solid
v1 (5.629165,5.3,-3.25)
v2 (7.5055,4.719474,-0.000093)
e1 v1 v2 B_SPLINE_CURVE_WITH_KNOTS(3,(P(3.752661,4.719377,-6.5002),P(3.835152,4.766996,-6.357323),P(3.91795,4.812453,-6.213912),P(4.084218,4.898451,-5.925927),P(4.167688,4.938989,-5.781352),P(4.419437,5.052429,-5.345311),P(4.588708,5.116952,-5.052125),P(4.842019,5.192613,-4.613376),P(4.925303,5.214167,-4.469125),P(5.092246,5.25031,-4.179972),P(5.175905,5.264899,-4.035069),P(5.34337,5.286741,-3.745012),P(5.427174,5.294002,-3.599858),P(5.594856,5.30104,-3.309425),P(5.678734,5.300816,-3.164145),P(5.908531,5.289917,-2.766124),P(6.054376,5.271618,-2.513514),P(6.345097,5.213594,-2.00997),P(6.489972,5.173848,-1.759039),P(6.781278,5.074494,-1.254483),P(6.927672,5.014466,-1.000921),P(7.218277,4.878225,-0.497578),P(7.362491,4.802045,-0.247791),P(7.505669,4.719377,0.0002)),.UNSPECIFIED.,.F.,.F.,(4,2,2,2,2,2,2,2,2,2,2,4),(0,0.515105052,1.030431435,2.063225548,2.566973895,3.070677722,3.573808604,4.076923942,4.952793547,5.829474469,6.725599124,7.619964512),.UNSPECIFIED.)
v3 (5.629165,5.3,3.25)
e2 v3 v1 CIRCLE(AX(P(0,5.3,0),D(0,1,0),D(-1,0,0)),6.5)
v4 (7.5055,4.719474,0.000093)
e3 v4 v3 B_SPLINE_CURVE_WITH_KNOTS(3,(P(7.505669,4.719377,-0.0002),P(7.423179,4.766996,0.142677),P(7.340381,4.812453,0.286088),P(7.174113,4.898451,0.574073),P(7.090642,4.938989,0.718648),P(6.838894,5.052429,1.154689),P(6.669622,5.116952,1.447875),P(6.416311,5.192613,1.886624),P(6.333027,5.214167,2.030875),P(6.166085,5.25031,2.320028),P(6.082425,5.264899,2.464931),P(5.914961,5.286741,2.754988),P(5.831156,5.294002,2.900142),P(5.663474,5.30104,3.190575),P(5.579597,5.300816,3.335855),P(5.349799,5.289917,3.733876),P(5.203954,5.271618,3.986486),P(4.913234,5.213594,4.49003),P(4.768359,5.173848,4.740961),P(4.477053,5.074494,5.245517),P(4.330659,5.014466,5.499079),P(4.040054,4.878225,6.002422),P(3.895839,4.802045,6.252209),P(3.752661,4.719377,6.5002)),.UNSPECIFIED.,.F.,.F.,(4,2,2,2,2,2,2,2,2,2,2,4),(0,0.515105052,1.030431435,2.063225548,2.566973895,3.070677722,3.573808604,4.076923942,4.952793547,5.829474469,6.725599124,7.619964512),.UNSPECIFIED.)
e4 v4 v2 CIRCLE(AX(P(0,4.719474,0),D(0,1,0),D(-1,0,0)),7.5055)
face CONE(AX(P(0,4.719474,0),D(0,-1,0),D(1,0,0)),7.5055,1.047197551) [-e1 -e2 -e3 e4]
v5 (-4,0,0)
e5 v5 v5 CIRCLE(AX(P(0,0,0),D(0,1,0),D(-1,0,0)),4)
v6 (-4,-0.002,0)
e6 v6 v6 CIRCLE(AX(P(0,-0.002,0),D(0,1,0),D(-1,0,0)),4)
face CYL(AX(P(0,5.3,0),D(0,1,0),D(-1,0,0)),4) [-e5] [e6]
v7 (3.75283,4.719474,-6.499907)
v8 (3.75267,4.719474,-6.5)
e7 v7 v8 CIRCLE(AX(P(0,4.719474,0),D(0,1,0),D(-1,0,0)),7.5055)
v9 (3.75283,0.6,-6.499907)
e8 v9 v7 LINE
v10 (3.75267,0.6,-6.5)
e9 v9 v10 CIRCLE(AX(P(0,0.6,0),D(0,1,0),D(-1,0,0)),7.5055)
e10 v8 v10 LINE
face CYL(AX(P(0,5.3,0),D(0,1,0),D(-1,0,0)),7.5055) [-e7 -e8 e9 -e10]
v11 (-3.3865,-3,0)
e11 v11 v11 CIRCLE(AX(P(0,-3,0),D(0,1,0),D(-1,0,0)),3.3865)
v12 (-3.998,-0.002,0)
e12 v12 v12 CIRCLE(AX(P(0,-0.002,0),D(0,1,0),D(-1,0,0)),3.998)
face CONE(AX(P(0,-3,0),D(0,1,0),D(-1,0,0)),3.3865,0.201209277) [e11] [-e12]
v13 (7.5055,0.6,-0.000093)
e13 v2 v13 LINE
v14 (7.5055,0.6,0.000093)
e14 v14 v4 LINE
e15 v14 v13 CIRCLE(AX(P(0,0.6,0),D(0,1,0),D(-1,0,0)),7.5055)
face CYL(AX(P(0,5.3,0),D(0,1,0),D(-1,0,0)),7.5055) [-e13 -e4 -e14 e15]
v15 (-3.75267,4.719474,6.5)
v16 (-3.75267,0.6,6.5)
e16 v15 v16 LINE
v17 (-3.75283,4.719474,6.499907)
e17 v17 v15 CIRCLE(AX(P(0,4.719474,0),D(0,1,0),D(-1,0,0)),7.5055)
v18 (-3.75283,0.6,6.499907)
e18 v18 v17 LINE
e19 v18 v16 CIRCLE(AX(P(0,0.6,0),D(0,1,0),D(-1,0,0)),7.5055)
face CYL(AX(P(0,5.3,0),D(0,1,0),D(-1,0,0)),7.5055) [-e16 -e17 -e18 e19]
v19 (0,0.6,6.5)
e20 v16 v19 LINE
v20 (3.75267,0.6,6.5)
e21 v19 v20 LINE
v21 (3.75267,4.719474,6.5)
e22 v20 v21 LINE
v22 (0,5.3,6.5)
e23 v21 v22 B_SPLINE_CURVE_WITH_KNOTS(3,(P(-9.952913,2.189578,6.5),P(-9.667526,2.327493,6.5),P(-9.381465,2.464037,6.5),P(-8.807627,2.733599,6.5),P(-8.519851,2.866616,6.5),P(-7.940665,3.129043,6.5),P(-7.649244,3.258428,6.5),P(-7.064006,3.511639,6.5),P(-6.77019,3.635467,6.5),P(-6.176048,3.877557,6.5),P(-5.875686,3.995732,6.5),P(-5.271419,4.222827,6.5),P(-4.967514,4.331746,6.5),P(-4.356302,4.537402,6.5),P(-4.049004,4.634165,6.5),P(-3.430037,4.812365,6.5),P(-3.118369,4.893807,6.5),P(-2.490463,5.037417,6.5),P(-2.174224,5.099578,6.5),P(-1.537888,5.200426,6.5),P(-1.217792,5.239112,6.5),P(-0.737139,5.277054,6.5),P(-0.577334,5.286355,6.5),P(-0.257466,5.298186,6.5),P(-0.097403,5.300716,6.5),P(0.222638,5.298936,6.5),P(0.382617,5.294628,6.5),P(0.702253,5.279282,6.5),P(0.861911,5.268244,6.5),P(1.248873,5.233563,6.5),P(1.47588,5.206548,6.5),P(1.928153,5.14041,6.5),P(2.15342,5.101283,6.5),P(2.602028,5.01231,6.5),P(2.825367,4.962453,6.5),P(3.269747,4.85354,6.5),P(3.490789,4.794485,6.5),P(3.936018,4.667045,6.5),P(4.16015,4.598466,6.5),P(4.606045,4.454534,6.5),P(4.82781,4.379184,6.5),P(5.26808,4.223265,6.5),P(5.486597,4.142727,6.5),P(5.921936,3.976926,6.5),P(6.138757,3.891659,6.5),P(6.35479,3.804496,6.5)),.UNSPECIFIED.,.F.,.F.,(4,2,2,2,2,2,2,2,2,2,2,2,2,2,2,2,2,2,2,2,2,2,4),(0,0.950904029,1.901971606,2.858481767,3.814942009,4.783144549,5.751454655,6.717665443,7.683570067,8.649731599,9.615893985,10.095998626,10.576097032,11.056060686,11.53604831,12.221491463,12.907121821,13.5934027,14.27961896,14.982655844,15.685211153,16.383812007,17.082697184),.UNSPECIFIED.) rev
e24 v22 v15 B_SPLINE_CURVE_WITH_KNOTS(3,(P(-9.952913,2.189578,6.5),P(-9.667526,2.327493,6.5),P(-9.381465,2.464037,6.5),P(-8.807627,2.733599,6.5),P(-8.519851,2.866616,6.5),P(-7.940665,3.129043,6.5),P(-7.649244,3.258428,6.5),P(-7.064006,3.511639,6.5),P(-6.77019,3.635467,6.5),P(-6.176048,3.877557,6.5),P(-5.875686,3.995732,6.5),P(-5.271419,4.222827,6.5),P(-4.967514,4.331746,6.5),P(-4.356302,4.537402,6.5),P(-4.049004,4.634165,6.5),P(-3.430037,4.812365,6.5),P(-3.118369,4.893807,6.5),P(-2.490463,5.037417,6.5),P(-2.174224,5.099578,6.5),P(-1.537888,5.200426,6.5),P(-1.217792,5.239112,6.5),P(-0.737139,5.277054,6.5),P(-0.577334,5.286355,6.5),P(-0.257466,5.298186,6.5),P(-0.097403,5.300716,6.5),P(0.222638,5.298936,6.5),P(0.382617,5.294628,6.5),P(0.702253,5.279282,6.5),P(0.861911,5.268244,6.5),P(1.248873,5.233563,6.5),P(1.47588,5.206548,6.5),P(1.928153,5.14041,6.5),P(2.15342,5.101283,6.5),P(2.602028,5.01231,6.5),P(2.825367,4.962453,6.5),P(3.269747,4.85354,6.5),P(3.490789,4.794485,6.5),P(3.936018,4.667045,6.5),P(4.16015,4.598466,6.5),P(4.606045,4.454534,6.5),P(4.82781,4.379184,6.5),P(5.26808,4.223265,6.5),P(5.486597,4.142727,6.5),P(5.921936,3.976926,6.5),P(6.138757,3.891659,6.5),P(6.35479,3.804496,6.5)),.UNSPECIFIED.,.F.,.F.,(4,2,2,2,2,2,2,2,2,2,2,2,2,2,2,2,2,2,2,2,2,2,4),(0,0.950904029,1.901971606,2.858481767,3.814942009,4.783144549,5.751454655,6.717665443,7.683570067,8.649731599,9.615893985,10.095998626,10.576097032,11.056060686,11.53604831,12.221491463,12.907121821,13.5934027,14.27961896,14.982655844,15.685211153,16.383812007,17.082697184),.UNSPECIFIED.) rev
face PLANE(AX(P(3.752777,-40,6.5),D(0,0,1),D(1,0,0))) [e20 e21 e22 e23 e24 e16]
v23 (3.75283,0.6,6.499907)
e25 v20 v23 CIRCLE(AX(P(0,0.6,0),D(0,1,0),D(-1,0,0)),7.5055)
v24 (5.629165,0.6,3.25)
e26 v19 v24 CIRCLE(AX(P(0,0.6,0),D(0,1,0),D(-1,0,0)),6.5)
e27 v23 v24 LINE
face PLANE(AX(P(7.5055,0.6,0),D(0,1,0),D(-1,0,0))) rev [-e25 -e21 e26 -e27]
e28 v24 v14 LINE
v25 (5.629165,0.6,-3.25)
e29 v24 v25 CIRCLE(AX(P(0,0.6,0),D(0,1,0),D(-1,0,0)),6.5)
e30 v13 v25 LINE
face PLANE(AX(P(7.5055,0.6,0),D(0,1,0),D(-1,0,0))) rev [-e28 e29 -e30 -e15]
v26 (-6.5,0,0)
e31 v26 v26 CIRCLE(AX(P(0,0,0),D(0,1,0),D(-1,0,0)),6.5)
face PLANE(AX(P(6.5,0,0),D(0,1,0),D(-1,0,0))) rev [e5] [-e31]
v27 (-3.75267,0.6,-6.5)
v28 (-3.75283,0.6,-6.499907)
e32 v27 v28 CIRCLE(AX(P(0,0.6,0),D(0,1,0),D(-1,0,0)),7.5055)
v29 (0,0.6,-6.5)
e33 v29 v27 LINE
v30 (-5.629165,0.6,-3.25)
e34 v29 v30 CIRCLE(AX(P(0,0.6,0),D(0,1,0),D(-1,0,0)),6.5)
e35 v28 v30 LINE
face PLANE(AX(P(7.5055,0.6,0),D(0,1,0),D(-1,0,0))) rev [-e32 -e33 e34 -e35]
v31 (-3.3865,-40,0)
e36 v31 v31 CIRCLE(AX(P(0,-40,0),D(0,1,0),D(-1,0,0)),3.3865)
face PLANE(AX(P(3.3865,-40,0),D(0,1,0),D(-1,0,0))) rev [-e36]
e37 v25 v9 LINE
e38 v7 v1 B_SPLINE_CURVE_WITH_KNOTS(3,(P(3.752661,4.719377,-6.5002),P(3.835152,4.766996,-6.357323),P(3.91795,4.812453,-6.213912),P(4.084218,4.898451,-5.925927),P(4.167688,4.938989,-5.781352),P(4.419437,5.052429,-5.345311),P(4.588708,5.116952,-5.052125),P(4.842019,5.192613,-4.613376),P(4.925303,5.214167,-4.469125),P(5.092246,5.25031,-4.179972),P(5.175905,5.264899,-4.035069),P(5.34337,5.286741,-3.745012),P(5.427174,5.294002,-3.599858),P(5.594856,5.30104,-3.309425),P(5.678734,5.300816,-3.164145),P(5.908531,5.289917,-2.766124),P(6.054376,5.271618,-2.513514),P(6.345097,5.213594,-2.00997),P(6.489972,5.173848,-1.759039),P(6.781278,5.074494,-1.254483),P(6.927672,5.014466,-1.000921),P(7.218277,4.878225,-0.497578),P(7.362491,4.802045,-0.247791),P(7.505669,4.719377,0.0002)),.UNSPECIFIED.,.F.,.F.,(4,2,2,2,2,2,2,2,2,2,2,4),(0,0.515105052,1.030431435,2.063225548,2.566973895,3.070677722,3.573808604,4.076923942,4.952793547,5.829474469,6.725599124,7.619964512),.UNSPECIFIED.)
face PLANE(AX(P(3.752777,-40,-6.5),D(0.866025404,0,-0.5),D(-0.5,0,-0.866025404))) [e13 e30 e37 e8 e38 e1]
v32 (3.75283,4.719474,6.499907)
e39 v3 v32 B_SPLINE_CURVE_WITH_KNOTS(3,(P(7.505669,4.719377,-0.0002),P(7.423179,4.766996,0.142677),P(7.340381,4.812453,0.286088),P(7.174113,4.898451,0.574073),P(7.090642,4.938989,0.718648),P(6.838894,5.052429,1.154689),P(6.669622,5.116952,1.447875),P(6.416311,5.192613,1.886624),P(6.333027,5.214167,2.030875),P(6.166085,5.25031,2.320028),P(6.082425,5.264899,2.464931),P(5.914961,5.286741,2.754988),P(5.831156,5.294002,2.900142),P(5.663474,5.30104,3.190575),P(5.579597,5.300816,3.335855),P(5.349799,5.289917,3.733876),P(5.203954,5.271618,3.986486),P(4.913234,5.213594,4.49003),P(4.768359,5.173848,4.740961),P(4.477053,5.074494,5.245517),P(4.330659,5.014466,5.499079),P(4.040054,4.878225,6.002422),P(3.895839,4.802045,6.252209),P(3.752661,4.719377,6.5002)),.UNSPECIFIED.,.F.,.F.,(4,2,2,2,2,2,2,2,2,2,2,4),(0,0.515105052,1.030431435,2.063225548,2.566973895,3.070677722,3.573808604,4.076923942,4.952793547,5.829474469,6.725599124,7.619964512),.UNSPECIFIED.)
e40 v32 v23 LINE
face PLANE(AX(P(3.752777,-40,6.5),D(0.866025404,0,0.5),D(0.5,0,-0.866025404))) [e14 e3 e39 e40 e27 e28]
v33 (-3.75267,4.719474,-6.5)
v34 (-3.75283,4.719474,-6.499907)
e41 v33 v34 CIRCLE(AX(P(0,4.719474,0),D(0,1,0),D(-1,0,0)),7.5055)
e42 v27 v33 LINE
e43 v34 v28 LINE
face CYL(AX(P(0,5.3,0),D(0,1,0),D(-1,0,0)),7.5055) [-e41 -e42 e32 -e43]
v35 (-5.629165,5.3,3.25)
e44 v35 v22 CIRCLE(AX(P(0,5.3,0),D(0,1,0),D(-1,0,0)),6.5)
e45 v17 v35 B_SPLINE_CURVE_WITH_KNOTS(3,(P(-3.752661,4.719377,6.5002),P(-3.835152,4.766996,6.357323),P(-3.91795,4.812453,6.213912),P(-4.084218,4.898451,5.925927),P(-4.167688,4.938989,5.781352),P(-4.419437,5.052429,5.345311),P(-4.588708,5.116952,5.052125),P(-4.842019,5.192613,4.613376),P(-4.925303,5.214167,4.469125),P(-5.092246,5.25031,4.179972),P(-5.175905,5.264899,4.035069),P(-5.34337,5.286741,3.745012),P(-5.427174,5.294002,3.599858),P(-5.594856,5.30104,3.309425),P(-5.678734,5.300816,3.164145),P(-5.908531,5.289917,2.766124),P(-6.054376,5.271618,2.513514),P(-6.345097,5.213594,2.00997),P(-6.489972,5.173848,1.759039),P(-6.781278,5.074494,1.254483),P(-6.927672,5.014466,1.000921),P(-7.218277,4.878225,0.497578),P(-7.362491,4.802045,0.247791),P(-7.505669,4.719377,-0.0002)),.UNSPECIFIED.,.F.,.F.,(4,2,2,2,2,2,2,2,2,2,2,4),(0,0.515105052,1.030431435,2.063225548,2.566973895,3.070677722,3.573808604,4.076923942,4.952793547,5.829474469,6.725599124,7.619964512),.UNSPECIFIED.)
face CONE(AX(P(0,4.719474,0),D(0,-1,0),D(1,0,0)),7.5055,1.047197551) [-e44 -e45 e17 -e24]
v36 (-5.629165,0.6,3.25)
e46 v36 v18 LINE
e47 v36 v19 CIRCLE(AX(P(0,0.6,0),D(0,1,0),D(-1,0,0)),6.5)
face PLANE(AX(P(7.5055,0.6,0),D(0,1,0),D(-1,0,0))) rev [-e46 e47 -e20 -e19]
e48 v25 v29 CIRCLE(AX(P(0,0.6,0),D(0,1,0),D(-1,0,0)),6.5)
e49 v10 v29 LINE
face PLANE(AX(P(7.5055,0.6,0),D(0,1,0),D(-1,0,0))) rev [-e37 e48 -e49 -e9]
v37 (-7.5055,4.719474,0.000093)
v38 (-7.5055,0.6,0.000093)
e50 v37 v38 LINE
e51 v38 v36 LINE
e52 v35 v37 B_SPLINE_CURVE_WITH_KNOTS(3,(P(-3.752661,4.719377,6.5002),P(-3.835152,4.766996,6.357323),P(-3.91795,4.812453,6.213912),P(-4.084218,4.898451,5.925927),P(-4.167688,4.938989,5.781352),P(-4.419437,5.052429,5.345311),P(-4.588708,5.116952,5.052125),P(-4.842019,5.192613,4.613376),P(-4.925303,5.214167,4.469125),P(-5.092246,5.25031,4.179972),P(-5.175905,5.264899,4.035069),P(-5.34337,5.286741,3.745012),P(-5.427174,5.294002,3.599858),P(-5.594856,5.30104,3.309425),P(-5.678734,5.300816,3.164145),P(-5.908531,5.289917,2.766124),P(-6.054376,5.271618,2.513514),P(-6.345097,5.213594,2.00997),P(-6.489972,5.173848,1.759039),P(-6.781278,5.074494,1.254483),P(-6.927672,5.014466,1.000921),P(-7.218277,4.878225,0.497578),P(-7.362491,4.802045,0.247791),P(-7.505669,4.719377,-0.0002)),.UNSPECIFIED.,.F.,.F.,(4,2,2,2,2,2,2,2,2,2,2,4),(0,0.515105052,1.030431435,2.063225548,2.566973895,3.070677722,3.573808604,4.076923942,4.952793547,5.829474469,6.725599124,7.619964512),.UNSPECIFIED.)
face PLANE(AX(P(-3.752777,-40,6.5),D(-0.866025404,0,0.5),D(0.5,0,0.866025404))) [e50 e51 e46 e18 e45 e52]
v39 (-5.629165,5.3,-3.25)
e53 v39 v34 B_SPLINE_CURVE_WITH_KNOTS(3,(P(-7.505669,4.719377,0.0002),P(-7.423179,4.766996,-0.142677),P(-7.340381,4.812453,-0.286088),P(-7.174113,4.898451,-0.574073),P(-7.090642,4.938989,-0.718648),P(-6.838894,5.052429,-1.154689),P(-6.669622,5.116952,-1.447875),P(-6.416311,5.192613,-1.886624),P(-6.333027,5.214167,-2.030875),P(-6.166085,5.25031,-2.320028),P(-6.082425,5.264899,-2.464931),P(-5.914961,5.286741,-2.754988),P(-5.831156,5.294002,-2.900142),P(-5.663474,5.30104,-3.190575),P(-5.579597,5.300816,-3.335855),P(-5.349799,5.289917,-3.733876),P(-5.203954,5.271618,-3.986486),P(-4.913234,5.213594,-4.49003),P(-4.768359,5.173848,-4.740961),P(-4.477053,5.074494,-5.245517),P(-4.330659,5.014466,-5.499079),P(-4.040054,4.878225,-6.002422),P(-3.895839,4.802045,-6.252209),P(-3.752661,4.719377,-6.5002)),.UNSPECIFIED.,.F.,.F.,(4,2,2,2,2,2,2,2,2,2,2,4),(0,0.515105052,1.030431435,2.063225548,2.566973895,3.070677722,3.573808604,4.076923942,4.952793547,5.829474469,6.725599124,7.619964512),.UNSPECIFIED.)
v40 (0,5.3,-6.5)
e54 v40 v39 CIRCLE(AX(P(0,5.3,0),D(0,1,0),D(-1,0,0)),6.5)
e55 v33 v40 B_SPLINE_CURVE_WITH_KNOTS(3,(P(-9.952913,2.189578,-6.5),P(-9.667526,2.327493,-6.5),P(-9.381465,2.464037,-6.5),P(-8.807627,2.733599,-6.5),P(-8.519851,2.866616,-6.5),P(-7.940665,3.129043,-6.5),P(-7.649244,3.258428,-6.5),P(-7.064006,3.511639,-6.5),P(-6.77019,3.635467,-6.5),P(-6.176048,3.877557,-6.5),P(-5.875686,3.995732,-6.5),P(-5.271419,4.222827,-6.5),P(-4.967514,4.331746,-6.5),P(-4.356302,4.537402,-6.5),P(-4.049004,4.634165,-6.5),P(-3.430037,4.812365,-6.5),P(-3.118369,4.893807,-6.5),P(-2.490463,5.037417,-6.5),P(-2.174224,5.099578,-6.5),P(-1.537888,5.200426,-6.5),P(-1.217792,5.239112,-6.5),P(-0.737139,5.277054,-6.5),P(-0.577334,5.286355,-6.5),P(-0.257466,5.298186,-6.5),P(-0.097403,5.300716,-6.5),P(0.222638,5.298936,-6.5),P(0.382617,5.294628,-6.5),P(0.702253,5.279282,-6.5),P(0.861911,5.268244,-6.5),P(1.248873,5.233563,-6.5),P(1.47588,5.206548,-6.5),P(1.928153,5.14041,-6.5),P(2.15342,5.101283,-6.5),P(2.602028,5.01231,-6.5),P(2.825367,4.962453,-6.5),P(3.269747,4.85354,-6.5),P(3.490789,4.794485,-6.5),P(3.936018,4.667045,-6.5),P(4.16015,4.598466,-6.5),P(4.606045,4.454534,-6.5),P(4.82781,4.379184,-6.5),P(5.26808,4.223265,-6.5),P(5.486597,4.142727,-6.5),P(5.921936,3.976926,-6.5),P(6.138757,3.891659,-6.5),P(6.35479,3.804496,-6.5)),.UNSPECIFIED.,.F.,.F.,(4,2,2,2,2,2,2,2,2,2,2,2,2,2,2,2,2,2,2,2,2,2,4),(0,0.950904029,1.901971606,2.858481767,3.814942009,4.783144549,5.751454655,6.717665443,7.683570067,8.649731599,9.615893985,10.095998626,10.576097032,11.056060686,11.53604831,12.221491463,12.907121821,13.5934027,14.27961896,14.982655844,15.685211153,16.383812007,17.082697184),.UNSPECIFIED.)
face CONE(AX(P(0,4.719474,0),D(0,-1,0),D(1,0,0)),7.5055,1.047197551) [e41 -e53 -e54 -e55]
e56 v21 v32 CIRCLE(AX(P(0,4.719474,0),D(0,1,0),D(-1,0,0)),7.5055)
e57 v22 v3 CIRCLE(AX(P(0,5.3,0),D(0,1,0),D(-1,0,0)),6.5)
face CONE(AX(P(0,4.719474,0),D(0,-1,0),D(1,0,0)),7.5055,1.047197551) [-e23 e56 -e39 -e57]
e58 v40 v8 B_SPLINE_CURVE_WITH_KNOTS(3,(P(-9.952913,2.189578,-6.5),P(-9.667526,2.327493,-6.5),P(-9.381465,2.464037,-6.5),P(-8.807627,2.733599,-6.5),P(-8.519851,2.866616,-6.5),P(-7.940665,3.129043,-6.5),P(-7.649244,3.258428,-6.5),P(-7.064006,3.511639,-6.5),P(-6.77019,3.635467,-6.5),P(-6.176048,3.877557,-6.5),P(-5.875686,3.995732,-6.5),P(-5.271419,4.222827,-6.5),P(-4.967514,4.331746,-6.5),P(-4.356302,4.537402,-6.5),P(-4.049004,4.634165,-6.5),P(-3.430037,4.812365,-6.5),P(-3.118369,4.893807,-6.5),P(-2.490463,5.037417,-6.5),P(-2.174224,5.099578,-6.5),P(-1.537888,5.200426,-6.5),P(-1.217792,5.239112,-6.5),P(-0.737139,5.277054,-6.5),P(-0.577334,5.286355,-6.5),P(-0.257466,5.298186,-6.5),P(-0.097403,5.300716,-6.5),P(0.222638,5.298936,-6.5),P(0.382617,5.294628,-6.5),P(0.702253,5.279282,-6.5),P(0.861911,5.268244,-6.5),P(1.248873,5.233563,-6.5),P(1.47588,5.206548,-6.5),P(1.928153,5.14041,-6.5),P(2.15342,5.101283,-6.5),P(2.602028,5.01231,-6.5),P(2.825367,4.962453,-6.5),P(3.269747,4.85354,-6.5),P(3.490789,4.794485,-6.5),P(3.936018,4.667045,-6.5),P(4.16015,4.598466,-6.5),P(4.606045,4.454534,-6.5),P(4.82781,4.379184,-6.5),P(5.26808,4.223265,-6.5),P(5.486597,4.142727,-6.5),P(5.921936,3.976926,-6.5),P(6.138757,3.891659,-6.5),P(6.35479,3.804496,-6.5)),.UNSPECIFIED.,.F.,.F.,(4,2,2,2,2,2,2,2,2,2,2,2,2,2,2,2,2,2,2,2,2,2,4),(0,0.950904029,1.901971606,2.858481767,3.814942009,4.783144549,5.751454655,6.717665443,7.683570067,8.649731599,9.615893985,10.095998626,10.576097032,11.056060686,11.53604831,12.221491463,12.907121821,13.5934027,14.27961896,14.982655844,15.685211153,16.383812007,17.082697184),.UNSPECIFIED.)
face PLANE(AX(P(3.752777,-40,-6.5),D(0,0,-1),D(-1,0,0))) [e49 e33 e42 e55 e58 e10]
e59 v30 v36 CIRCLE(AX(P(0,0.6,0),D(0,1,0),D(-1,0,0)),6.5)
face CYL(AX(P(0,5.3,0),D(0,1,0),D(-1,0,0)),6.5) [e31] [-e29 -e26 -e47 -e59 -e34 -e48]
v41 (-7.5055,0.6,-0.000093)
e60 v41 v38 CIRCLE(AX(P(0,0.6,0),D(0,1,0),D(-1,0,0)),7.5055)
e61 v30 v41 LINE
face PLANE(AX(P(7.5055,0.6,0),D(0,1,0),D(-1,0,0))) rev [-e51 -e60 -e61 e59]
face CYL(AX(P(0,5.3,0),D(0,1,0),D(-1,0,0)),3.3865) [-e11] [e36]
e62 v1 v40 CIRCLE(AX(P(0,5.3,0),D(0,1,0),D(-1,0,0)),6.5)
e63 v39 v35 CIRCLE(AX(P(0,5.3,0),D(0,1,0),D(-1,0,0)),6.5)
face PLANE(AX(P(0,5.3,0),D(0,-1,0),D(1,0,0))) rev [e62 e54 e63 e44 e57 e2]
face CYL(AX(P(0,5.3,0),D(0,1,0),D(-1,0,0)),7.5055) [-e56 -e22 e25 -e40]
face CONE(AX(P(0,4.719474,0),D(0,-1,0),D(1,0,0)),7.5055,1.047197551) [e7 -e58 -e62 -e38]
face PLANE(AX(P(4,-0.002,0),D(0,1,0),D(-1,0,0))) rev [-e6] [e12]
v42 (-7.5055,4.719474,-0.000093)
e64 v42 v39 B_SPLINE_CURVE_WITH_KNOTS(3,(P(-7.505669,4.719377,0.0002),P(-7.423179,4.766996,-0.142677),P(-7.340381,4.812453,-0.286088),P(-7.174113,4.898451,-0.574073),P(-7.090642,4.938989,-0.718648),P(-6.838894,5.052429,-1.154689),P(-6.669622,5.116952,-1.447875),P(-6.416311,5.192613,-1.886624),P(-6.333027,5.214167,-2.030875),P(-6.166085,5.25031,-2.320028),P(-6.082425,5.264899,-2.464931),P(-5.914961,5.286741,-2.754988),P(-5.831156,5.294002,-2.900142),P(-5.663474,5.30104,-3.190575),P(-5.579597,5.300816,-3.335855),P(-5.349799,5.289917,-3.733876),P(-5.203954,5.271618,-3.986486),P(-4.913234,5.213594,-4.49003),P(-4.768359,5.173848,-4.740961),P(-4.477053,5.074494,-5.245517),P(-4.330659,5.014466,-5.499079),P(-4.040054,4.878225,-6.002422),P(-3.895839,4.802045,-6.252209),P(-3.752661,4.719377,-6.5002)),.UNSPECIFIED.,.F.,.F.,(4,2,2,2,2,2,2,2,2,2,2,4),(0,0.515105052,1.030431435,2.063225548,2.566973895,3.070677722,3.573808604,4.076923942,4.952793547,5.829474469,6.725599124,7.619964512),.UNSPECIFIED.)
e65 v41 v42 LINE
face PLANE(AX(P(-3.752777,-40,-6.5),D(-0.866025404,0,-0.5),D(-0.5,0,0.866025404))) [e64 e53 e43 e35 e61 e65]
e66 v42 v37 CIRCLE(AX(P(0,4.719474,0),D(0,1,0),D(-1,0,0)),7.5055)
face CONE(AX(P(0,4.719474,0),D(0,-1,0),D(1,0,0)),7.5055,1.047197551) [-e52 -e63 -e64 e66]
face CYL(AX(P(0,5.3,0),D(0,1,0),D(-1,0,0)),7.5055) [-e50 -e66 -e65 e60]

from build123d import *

# Parameters (mm, degrees)
SKIZZE2_OUTSIDE_W               = 27.018
SKIZZE2_OUTSIDE_H               = 27.018
SCHNITT_LINEAR_AUSTRAGEN1_DEPTH = 47.526928337


with BuildPart() as part:
    # Skizze1 → Basis-Rotation (revolve)
    with BuildSketch(Plane.XY, mode=Mode.PRIVATE) as basis_rotation_sk:
        Polygon((0, 5.3), (0, -40), (3.3865, -40), (3.3865, -3), (3.998, -0.002), (4, -0.002), (4, 0), (6.5, 0), (6.5, 0.6), (7.5055, 0.6), (7.5055, 4.719474304), (6.5, 5.3), align=None)
    revolve(basis_rotation_sk.sketch.rotate(Axis((0, 5.3, 0), (0, -1, 0)), 180), axis=Axis((0, 5.3, 0), (0, -1, 0)))

    # Skizze2 outside → Schnitt-Linear austragen1 (cut, through all)
    with BuildSketch(Plane(origin=(0, 5.3, 0), x_dir=(-1, 0, 0), z_dir=(0, 1, 0))):
        Rectangle(SKIZZE2_OUTSIDE_W, SKIZZE2_OUTSIDE_H)
        Polygon((-3.75277675, 6.5), (3.75277675, 6.5), (7.505553499, 0), (3.75277675, -6.5), (-3.75277675, -6.5), (-7.505553499, 0), align=None, mode=Mode.SUBTRACT)
    extrude(amount=-SCHNITT_LINEAR_AUSTRAGEN1_DEPTH, mode=Mode.SUBTRACT)


solid = part.part
